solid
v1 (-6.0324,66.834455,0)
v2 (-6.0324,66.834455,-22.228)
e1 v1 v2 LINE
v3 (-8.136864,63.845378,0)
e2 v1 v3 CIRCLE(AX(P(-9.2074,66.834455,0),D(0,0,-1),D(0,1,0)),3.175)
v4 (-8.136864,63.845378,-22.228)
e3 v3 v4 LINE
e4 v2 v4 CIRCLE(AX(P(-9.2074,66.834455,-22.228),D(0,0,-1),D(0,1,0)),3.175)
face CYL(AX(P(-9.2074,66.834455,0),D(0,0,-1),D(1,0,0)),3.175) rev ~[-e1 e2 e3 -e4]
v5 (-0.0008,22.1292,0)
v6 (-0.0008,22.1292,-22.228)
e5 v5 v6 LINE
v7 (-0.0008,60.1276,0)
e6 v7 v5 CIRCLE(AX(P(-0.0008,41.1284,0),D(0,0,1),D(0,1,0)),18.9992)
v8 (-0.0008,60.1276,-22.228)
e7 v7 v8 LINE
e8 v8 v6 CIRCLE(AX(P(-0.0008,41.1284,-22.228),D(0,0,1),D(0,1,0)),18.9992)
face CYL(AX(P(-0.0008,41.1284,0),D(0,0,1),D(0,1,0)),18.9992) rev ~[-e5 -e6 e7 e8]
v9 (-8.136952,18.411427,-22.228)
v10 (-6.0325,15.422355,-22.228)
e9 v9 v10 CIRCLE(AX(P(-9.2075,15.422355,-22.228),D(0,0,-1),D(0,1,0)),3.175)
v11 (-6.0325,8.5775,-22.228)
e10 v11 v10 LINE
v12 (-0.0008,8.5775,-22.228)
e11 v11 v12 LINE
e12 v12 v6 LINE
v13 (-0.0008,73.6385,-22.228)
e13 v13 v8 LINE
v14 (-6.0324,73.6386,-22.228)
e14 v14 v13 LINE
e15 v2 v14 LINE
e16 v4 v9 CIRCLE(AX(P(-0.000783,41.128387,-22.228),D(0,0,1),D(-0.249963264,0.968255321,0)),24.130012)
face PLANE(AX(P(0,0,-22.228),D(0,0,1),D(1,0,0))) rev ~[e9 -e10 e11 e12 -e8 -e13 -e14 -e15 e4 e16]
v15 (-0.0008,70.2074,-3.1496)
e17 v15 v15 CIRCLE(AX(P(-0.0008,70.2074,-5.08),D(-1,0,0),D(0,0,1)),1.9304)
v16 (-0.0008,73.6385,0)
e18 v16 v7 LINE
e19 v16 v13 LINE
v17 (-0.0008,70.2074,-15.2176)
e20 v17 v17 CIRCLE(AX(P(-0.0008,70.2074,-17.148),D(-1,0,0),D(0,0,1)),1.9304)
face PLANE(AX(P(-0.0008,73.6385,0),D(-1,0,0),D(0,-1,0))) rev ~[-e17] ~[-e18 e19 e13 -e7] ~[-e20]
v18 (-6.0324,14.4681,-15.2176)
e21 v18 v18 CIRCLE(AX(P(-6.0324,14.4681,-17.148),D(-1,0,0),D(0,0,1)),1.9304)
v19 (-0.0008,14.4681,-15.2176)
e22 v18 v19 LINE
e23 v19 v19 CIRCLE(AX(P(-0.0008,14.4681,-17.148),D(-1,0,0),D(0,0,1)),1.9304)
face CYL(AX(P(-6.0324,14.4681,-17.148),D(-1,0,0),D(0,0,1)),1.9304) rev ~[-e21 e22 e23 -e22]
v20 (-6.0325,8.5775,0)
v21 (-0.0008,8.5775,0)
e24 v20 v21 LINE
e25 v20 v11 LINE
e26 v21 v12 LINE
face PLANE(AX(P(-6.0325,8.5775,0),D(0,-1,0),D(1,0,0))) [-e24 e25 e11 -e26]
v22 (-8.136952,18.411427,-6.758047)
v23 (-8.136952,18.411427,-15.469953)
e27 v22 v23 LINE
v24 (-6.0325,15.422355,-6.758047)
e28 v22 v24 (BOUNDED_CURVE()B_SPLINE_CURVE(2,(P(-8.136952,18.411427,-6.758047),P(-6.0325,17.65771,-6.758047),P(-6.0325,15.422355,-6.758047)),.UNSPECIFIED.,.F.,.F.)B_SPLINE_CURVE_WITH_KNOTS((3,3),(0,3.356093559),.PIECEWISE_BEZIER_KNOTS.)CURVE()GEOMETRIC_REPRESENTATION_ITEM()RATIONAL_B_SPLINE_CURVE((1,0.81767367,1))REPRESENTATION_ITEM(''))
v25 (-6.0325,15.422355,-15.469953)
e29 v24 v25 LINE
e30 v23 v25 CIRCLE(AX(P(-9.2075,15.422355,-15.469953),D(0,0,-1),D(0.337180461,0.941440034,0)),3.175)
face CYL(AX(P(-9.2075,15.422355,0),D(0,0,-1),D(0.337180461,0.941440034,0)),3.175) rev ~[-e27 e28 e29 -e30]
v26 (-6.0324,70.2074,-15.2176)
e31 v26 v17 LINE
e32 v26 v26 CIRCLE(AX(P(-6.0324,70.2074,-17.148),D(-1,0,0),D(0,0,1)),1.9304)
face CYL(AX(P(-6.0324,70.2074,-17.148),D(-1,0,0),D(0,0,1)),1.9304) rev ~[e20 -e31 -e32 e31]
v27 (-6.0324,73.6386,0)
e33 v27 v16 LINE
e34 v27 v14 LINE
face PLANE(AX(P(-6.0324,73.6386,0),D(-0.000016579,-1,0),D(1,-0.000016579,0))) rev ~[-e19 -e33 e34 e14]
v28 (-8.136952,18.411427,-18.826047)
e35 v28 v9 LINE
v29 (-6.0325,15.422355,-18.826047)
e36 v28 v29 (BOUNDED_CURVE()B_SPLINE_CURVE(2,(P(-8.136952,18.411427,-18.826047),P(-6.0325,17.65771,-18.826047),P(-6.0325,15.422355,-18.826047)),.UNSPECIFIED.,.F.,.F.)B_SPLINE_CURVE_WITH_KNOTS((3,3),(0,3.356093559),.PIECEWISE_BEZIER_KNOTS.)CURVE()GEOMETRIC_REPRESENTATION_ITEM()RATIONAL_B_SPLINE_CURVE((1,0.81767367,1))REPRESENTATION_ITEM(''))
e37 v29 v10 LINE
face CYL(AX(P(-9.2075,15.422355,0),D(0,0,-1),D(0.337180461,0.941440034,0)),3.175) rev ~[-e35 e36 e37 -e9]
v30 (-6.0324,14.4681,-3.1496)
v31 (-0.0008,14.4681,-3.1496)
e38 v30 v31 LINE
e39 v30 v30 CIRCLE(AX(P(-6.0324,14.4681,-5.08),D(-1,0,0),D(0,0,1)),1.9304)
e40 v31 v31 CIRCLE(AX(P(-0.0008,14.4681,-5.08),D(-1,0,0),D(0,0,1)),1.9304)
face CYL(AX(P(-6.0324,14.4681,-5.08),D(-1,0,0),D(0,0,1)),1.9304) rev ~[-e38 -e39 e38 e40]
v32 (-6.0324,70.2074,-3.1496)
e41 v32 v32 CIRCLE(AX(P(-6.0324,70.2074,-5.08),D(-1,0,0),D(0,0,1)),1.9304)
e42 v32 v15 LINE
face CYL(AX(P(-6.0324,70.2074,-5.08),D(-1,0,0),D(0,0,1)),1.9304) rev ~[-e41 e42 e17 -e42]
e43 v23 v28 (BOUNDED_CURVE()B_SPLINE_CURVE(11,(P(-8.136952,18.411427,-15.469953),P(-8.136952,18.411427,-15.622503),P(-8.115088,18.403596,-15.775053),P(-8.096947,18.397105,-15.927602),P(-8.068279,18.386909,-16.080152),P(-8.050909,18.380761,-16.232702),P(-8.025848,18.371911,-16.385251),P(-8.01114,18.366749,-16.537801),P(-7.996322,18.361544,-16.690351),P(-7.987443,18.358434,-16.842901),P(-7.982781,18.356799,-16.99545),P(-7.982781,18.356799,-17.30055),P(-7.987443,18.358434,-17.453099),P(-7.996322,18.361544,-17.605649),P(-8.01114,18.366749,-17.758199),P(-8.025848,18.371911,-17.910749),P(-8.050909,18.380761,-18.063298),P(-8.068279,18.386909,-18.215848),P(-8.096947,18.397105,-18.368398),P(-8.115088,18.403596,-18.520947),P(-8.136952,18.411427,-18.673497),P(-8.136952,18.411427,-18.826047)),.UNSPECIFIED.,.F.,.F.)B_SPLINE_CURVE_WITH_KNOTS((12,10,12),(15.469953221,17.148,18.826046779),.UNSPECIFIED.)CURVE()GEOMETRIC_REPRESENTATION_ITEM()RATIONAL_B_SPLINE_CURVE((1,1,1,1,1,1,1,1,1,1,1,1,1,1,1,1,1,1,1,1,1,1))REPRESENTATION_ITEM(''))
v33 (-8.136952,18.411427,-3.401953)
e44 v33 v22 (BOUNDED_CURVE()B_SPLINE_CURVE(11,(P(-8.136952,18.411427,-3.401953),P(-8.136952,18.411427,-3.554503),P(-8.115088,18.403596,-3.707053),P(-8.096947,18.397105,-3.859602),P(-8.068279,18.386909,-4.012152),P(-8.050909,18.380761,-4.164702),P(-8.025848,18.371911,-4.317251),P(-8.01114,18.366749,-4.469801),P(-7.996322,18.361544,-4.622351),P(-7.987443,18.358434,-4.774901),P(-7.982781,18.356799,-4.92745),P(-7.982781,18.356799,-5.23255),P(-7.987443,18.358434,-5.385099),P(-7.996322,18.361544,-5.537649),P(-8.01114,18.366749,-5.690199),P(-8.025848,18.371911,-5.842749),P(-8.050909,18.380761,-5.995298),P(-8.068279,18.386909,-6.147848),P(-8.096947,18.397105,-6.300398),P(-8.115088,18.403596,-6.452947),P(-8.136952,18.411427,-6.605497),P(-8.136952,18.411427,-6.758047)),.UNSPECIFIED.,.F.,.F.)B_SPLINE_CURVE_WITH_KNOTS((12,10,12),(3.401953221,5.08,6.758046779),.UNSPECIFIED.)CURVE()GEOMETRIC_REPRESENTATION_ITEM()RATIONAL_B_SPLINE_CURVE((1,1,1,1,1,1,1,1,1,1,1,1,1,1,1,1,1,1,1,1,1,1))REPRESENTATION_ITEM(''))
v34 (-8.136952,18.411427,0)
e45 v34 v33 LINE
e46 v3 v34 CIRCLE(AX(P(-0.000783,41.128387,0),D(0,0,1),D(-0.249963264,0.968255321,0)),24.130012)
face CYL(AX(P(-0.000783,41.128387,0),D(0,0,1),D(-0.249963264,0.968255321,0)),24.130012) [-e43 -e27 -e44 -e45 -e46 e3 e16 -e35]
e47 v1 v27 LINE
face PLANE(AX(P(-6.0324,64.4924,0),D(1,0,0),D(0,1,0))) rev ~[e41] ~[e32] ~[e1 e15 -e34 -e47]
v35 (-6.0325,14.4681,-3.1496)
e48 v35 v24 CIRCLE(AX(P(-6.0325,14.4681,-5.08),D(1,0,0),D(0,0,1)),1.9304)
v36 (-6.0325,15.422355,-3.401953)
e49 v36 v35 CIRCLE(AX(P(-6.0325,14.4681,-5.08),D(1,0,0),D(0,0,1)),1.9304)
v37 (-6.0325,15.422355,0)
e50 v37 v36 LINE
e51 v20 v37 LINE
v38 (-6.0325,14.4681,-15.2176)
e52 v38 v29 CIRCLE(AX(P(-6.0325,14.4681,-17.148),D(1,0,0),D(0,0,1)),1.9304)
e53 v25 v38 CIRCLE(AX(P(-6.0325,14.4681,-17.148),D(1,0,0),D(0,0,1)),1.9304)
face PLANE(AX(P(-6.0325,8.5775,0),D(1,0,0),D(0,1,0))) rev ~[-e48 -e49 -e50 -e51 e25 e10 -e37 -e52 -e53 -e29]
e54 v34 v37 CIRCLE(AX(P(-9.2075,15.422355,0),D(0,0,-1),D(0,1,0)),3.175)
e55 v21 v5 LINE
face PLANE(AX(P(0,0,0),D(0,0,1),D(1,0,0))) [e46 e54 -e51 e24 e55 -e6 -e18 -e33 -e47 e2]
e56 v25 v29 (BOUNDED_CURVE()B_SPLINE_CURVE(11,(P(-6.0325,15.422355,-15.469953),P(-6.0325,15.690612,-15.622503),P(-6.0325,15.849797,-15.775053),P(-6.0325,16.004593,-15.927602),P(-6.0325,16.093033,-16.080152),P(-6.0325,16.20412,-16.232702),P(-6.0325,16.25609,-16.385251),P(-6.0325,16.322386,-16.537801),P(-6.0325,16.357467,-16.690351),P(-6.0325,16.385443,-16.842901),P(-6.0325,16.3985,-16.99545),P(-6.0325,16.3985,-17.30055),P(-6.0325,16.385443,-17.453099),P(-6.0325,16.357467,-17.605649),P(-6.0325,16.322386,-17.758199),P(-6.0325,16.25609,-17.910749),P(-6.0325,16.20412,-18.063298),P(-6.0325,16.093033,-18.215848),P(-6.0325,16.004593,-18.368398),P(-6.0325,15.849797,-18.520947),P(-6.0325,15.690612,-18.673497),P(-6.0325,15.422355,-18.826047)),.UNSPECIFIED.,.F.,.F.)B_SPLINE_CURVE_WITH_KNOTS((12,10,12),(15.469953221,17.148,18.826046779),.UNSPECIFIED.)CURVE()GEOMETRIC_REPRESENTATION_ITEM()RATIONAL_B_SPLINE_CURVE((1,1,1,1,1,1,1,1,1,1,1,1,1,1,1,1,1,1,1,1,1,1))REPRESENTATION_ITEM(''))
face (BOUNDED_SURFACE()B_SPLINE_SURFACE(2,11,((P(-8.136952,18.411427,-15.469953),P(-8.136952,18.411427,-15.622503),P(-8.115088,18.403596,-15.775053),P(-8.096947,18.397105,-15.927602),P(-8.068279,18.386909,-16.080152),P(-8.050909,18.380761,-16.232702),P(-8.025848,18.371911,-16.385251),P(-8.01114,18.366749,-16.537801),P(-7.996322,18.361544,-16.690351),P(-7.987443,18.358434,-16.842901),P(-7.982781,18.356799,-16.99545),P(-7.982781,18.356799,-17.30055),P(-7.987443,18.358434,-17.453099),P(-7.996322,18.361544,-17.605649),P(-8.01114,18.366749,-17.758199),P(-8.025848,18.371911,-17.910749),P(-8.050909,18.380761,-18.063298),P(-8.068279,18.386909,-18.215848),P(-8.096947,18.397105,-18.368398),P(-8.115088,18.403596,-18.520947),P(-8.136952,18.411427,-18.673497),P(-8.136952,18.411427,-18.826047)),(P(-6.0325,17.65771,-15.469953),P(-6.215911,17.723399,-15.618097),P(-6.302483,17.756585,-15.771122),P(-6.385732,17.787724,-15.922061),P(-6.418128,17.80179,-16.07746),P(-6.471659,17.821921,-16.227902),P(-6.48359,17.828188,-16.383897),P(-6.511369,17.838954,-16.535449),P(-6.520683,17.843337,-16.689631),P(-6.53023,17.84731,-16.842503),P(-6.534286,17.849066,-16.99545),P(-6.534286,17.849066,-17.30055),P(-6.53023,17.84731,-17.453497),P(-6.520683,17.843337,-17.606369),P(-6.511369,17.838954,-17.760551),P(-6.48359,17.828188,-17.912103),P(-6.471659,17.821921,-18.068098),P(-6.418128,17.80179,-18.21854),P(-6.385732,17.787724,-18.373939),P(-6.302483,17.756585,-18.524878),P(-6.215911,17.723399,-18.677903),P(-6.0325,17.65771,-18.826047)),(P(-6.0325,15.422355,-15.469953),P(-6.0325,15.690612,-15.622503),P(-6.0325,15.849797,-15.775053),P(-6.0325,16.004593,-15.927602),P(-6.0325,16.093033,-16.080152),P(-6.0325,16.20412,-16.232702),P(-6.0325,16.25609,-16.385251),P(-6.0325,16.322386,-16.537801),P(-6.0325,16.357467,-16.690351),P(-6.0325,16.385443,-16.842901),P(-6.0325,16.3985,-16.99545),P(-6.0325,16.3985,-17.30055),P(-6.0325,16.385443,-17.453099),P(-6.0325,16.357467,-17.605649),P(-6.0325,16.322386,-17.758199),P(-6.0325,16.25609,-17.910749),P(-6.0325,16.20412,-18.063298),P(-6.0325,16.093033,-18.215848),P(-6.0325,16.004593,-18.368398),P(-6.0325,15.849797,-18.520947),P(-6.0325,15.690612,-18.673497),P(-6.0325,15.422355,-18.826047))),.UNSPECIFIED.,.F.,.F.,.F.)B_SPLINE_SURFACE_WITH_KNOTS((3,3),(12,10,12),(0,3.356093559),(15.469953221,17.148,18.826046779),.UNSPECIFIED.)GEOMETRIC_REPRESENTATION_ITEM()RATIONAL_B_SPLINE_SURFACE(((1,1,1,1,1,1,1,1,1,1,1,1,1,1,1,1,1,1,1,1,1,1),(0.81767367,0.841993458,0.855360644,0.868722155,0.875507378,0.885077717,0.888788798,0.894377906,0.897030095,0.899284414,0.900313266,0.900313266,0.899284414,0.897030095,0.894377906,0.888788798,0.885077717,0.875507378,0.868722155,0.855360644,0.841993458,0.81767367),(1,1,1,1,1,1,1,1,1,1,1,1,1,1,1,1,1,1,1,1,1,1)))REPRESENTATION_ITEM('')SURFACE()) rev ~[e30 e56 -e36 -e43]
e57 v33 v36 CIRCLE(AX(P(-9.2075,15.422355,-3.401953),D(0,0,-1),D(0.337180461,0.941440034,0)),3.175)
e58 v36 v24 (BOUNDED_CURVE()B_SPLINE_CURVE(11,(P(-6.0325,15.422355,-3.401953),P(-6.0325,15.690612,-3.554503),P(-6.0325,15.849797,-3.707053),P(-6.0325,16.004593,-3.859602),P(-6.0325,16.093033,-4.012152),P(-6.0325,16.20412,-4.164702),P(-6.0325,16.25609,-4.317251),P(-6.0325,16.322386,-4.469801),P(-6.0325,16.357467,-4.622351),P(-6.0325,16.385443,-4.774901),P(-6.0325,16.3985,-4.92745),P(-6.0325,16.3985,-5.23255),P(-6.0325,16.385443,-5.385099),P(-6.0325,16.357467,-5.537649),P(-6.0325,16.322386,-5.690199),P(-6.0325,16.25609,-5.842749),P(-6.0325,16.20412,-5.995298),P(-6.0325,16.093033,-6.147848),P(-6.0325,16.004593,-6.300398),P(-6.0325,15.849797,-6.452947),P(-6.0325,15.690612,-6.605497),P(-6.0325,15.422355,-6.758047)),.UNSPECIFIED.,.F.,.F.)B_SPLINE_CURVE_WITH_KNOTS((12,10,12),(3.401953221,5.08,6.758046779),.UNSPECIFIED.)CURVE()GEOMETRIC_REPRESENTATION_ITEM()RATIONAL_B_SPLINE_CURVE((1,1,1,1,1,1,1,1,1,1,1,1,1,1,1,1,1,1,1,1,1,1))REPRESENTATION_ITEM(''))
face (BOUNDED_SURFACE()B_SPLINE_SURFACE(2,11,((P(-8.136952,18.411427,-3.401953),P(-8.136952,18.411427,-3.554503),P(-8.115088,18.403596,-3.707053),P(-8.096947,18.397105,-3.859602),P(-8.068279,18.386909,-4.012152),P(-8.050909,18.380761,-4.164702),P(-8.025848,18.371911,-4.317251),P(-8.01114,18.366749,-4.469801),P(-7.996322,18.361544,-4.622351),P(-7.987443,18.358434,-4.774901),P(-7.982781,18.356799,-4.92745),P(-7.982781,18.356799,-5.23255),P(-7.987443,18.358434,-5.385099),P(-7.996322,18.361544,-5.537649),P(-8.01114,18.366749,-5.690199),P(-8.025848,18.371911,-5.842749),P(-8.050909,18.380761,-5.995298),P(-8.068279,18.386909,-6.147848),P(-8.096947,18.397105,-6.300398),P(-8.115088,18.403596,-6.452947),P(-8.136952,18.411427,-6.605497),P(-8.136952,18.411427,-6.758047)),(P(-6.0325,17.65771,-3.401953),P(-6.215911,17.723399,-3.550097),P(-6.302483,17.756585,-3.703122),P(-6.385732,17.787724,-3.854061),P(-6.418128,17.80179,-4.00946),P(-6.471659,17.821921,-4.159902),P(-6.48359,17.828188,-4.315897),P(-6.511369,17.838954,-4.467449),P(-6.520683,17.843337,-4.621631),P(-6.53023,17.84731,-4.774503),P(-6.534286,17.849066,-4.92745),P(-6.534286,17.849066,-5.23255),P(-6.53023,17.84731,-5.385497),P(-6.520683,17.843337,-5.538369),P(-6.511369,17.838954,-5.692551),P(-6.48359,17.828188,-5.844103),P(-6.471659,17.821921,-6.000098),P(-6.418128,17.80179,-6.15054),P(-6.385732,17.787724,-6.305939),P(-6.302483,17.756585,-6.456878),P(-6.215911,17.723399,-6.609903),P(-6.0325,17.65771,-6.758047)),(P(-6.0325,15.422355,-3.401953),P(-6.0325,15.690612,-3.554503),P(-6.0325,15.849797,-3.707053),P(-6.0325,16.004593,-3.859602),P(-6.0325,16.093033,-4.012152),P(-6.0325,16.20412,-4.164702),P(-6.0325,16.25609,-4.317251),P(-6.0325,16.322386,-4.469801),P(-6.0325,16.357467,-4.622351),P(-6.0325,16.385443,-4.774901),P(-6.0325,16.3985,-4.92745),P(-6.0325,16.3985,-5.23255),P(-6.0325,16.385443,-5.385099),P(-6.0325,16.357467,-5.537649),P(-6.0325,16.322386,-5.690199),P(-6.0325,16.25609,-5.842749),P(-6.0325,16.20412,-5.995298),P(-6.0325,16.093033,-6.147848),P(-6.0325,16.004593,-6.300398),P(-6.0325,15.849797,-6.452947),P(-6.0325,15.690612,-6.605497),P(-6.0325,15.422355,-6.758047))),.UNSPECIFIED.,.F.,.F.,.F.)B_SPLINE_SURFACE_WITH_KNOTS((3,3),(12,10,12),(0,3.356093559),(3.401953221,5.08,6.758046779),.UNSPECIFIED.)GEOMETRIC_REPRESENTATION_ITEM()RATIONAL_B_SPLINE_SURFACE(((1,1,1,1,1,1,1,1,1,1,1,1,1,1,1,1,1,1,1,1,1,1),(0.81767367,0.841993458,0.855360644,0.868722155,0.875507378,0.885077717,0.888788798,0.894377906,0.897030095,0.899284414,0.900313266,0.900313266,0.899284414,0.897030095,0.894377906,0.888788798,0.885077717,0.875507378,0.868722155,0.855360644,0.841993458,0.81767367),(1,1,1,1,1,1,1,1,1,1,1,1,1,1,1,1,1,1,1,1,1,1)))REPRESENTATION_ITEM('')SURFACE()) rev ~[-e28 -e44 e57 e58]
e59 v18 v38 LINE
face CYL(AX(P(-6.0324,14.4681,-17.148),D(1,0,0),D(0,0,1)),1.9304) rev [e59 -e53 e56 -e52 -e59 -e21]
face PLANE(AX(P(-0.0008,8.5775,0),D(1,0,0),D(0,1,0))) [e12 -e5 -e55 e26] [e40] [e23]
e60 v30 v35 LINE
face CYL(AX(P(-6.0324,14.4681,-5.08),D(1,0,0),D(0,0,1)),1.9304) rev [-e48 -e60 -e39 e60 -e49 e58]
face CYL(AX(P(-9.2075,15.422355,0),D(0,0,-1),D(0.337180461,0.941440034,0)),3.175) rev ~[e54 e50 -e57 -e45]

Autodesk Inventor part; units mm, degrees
ref_plane "YZ Plane" through (0, 0, 0) normal (1, 0, 0) x (0, 1, 0)
ref_plane "XZ Plane" through (0, 0, 0) normal (0, 1, 0) x (-1, 0, 0)
ref_plane "Work Plane1" through (0, 0, 0) normal (0, 0, 1) x (1, 0, 0)
sketch "Sketch1" plane through (0, 0, 0) normal (0, 0, 1) x (1, 0, 0)
  arc A0 (18.9992, 41.108) -> (0, 60.0877) centre (-0.0008, 41.0877) ccw construction
  arc A1 (0, 22.1284) -> (18.9992, 41.108) centre (-0.0008, 41.1284) ccw construction
  arc A2 (44.3468, 60.0877) -> (25.3476, 41.108) centre (44.3476, 41.0877) ccw construction
  arc A3 (25.3476, 41.108) -> (44.3468, 22.1284) centre (44.3476, 41.1284) ccw construction
  line L0 (10.16, 73.6386) -> (5.7912, 73.6386) construction
  line L1 (0, 77.677) -> (0, 67.7202) construction
  line L2 (5.7912, 73.6386) -> (13.9012, 73.6386) construction
  line L3 (-25.35, 77.677) -> (-25.35, 84.027) projected
  line L4 (-25.35, -6.35) -> (-25.35, 0) projected
  line L5 (-25.35, 77.677) -> (-25.35, 0) construction
  arc A4 (-6.0324, 64.4924) -> (-6.0325, 17.7644) centre (-0.0008, 41.1284) ccw
  arc A5 (-6.0324, 64.4924) -> (-6.0325, 17.7644) centre (-0.0008, 41.1284) ccw
  arc A6 (-0.0008, 60.1276) -> (-0.0008, 22.1292) centre (-0.0008, 41.1284) ccw
  line L6 (-6.0324, 64.4924) -> (-6.0324, 73.6386)
  line L7 (-6.0324, 73.6386) -> (-0.0008, 73.6385)
  line L8 (10.16, 8.5775) -> (5.7912, 8.5775) construction
  line L9 (-6.0325, 8.5775) -> (-0.0008, 8.5775)
  line L10 (-6.0325, 8.5775) -> (-6.0325, 17.7644)
  line L11 (-0.0008, 73.6385) -> (-0.0008, 60.1276)
  line L12 (-0.0008, 8.5775) -> (-0.0008, 22.1292)
  point P0 (0, 0)
  dimension "d12" = 18.9992
  dimension "d13" = 24.13
  dimension "d19" = 6.0317
  dimension "d22" = 6.0317
  dimension "d23" = 0
  dimension "d24" = 0
ref_plane "Work Plane2" through (0, 17.6708, -22.228) normal (0, 0, -1) x (0, 1, 0)
extrude "Extrusion1" add sketch "Sketch1" against normal up to surface (22.228 mm away)
sketch "Sketch2" plane through (-6.0324, 64.4924, 0) normal (-1, 0, 0) x (0, 0, 1)
  circle A0 centre (-17.148, 5.715) radius 1.9304
  circle A1 centre (-5.08, 5.715) radius 1.9304
  circle A2 centre (-5.08, -50.0243) radius 1.9304
  circle A3 centre (-17.148, -50.0243) radius 1.9304
  point P0 (0, -64.4924)
extrude "Extrusion2" cut sketch "Sketch2" along normal mid plane 25.4
fillet "Fillet1" radius 3.175 1 edges at (-6.0324, 64.4924, -11.114)
fillet "Fillet2" radius 3.175 1 edges at (-6.0325, 17.7644, -11.114)
equation "\"d19\" = d18"
equation "\"d18\" = 6.031656"
properties part number "motor mount cap-10"
